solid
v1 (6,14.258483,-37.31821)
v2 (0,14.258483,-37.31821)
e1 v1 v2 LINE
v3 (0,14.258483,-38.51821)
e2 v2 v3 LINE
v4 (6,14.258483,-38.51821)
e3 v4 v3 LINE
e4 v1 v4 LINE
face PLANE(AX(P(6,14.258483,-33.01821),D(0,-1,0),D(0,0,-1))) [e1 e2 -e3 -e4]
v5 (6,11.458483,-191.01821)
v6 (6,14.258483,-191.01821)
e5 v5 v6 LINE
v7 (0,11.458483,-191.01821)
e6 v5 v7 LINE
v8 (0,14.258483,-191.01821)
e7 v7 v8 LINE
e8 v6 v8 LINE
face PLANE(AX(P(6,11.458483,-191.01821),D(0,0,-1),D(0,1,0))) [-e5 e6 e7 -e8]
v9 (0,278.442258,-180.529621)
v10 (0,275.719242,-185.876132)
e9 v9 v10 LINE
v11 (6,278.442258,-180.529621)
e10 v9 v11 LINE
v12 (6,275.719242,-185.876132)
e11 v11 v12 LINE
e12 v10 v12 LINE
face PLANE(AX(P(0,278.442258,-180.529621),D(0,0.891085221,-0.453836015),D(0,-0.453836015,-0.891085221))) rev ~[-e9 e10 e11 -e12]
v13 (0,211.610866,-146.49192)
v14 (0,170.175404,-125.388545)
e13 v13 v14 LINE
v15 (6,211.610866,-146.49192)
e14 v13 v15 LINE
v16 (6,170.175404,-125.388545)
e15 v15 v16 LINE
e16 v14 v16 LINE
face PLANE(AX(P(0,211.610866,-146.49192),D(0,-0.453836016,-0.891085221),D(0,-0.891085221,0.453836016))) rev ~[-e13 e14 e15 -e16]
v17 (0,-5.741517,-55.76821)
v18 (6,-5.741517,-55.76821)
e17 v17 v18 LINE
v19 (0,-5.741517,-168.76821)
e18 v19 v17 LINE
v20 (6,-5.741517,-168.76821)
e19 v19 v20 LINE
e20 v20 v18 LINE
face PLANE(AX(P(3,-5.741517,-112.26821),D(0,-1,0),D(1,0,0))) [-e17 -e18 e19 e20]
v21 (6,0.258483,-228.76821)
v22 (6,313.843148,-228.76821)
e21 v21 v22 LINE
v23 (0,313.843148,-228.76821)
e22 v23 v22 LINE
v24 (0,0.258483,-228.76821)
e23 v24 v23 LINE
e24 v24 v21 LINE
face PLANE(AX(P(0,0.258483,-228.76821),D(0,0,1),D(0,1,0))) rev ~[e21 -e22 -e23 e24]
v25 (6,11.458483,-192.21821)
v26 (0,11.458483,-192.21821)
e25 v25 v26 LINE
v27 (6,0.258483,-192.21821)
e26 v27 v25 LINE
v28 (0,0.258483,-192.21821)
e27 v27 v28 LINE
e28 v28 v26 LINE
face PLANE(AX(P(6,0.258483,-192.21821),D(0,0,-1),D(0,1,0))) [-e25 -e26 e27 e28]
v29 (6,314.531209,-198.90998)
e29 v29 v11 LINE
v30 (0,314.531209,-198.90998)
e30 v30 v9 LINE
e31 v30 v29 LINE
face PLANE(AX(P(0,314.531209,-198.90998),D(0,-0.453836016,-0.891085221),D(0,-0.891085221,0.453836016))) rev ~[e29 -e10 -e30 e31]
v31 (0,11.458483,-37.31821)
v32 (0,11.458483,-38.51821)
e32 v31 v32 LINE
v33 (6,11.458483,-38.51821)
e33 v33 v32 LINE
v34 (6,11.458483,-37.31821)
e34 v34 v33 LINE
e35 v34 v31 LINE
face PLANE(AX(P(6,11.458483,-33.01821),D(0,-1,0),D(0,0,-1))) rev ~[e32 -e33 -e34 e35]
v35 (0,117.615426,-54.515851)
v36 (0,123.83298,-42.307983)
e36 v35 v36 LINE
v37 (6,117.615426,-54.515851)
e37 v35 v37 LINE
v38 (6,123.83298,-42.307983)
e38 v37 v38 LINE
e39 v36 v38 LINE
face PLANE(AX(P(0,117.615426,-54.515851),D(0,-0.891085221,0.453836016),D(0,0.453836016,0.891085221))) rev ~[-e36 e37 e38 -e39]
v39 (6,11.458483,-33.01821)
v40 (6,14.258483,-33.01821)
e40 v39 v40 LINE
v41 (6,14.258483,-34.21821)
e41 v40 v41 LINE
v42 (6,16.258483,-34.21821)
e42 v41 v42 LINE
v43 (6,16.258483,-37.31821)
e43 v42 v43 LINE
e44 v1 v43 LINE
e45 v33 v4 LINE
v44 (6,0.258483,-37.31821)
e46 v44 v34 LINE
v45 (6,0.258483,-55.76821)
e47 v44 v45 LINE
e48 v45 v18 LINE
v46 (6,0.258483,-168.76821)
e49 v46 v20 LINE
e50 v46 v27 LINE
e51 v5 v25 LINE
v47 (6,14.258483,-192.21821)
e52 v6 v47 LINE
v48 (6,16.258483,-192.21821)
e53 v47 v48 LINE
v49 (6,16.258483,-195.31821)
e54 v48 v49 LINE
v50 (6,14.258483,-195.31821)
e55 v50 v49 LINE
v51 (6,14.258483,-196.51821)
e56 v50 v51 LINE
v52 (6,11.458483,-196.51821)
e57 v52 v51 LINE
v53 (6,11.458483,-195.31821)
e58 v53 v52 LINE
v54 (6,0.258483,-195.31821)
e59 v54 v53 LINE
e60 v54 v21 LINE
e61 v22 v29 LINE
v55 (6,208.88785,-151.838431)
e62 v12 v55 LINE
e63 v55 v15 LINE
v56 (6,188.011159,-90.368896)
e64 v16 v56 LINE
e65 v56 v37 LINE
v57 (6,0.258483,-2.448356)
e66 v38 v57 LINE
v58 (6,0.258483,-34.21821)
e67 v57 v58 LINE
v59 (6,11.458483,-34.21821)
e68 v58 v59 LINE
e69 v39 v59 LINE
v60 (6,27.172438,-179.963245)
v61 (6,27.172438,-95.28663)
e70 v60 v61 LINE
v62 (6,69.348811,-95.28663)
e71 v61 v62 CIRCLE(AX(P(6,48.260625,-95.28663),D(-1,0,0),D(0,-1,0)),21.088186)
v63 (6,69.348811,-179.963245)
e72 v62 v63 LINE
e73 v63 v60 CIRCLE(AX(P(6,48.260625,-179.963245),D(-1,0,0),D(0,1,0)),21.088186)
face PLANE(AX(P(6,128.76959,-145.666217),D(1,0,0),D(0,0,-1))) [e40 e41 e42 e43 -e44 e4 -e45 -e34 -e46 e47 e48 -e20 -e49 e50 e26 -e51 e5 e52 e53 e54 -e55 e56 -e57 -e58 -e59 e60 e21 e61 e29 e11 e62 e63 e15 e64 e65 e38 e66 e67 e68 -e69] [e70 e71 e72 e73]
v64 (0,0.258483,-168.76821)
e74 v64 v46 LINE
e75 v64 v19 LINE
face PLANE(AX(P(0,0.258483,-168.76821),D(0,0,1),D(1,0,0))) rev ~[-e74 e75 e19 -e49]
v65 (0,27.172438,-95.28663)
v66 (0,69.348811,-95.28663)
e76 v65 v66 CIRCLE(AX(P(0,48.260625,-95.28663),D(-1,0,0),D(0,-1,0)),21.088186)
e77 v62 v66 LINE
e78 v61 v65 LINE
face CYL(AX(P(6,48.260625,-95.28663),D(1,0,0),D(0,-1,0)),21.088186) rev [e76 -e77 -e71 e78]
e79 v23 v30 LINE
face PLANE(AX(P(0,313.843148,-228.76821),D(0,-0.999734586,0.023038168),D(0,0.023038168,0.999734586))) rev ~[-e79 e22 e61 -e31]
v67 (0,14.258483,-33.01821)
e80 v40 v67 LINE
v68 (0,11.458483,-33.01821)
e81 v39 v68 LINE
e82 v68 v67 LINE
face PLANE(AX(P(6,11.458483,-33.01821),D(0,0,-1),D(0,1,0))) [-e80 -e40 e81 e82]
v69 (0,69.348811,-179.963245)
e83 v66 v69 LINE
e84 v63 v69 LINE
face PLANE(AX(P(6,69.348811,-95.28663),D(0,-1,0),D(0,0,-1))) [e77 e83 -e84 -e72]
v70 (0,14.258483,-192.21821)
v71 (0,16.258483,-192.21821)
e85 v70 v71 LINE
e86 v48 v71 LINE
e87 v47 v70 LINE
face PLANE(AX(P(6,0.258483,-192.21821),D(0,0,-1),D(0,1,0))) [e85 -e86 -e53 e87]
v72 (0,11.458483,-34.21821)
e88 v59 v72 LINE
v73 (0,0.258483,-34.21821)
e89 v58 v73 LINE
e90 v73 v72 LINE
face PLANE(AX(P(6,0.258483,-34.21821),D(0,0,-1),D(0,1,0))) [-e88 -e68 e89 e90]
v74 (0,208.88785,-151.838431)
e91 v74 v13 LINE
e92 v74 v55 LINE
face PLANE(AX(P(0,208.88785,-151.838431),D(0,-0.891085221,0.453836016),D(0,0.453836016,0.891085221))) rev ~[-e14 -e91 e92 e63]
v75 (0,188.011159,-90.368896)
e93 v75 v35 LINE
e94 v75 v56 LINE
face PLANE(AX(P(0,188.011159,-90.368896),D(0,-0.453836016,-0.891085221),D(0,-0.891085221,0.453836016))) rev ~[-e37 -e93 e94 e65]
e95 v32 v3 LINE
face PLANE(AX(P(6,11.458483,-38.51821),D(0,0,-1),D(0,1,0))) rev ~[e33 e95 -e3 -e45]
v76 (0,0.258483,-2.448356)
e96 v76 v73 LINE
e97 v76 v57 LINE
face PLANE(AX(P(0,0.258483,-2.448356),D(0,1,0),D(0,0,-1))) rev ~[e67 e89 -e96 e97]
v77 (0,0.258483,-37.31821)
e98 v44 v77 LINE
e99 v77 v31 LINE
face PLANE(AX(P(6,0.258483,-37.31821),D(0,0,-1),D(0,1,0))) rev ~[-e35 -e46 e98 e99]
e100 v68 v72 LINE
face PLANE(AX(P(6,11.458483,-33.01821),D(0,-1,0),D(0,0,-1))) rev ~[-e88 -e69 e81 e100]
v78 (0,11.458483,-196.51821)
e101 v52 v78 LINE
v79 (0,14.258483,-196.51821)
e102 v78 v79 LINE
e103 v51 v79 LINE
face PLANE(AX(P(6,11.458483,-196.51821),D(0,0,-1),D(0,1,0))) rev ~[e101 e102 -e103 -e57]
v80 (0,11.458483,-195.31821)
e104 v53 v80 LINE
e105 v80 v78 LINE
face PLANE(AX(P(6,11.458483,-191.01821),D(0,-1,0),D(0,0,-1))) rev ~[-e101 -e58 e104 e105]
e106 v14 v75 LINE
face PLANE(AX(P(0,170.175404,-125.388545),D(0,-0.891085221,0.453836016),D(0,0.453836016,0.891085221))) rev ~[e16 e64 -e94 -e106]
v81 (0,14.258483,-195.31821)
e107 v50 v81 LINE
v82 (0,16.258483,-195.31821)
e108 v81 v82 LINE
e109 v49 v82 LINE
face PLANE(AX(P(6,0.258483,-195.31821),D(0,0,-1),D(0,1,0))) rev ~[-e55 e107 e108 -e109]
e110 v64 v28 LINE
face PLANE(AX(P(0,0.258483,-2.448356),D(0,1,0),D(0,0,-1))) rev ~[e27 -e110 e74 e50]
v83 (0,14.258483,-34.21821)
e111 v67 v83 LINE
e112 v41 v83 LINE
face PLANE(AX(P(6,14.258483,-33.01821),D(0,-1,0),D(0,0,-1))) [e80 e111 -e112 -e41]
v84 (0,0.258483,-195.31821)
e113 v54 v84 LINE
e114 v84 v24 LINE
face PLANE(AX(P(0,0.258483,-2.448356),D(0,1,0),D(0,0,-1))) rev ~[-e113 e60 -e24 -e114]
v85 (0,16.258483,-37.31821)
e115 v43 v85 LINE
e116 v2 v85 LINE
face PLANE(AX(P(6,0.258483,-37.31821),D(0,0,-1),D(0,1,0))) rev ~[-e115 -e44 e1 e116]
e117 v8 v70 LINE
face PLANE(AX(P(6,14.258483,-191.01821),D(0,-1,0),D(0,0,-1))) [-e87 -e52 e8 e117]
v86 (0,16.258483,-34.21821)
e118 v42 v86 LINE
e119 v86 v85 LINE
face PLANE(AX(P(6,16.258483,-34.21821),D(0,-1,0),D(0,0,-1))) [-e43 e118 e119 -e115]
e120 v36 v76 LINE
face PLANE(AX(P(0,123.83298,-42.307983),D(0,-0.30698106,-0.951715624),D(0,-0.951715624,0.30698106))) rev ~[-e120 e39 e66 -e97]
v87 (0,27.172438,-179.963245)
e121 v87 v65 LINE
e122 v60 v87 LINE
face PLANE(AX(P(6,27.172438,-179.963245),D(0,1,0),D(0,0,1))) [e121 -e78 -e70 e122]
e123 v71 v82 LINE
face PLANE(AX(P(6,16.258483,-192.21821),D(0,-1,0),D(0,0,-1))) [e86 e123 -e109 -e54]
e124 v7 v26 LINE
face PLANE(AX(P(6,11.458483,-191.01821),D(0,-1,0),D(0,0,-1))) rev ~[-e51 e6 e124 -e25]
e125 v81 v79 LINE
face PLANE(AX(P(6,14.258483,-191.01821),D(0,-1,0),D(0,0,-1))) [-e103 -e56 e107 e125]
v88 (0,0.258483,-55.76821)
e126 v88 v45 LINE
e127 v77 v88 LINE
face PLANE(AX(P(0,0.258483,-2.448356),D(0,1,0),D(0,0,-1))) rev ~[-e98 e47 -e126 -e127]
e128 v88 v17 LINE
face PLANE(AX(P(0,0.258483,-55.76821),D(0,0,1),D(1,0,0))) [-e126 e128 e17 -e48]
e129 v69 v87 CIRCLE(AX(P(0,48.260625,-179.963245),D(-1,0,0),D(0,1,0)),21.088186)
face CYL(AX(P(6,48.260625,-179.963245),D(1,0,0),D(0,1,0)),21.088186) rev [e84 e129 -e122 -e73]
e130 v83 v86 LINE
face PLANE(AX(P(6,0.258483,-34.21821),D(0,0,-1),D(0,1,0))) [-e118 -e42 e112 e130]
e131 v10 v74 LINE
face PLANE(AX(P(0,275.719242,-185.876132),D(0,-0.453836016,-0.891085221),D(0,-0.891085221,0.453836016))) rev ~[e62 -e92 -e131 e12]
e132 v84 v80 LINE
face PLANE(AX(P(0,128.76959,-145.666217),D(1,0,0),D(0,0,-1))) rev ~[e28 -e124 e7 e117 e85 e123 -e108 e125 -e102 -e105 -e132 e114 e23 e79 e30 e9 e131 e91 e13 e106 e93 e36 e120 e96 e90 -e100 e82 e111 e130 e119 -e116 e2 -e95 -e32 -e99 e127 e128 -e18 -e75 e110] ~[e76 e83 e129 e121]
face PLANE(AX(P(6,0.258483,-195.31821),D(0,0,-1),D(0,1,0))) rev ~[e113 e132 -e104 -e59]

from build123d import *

# Parameters (mm, degrees)
BOSS_EXTRUDE1_DEPTH = 6
CUT_EXTRUDE1_DEPTH  = 6
SKETCH3_W           = 6
SKETCH3_H           = 113
BOSS_EXTRUDE2_DEPTH = 6
SKETCH4_W           = 3.1
SKETCH4_H           = 16
CUT_EXTRUDE2_DEPTH  = 6
SKETCH5_W           = 5.5
SKETCH5_H           = 2.8
CUT_EXTRUDE3_DEPTH  = 6


with BuildPart() as part:
    # Sketch1 → Boss-Extrude1 (new body)
    with BuildSketch(Plane(origin=(0, 0, 0), x_dir=(0, 0, -1), z_dir=(1, 0, 0))):
        Polygon((42.307983077, 123.832979907), (2.448355916, 0.258483339), (228.768209888, 0.258483339), (228.768209888, 313.843147788), (198.909979532, 314.531209333), (180.529620903, 278.442257884), (185.876132229, 275.719241791), (151.838431063, 208.887850219), (146.491919737, 211.610866313), (125.388545015, 170.175403538), (90.368895831, 188.011158949), (54.515850604, 117.615426494), align=None)
    extrude(amount=BOSS_EXTRUDE1_DEPTH)

    # Sketch2 → Cut-Extrude1 (cut)
    with BuildSketch(Plane(origin=(6, 0, 0), x_dir=(0, 0, -1), z_dir=(1, 0, 0))):
        with BuildLine():
            Line((95.286629817, 69.348811068), (179.963244622, 69.348811068))
            ThreePointArc((179.963244622, 69.348811068), (201.051431087, 48.260624604), (179.963244622, 27.172438139))
            Line((179.963244622, 27.172438139), (95.286629817, 27.172438139))
            ThreePointArc((95.286629817, 27.172438139), (74.198443353, 48.260624604), (95.286629817, 69.348811068))
        make_face()
    extrude(amount=-CUT_EXTRUDE1_DEPTH, mode=Mode.SUBTRACT)

    # Sketch3 → Boss-Extrude2 (add)
    with BuildSketch(Plane.XZ.offset(-0.258483339)):
        with Locations((3, -112.268209888)):
            Rectangle(SKETCH3_W, SKETCH3_H)
    extrude(amount=BOSS_EXTRUDE2_DEPTH)

    # Sketch4 → Cut-Extrude2 (cut)
    with BuildSketch(Plane(origin=(6, 0, 0), x_dir=(0, 0, -1), z_dir=(1, 0, 0))):
        with Locations((35.768209888, 8.258483339)):
            Rectangle(SKETCH4_W, SKETCH4_H)
        with Locations((193.768209888, 8.258483339)):
            Rectangle(SKETCH4_W, SKETCH4_H)
    extrude(amount=-CUT_EXTRUDE2_DEPTH, mode=Mode.SUBTRACT)

    # Sketch5 → Cut-Extrude3 (cut)
    with BuildSketch(Plane(origin=(6, 0, 0), x_dir=(0, 0, -1), z_dir=(1, 0, 0))):
        with Locations((35.768209888, 12.858483339)):
            Rectangle(SKETCH5_W, SKETCH5_H)
        with Locations((193.768209888, 12.858483339)):
            Rectangle(SKETCH5_W, SKETCH5_H)
    extrude(amount=-CUT_EXTRUDE3_DEPTH, mode=Mode.SUBTRACT)


solid = part.part
